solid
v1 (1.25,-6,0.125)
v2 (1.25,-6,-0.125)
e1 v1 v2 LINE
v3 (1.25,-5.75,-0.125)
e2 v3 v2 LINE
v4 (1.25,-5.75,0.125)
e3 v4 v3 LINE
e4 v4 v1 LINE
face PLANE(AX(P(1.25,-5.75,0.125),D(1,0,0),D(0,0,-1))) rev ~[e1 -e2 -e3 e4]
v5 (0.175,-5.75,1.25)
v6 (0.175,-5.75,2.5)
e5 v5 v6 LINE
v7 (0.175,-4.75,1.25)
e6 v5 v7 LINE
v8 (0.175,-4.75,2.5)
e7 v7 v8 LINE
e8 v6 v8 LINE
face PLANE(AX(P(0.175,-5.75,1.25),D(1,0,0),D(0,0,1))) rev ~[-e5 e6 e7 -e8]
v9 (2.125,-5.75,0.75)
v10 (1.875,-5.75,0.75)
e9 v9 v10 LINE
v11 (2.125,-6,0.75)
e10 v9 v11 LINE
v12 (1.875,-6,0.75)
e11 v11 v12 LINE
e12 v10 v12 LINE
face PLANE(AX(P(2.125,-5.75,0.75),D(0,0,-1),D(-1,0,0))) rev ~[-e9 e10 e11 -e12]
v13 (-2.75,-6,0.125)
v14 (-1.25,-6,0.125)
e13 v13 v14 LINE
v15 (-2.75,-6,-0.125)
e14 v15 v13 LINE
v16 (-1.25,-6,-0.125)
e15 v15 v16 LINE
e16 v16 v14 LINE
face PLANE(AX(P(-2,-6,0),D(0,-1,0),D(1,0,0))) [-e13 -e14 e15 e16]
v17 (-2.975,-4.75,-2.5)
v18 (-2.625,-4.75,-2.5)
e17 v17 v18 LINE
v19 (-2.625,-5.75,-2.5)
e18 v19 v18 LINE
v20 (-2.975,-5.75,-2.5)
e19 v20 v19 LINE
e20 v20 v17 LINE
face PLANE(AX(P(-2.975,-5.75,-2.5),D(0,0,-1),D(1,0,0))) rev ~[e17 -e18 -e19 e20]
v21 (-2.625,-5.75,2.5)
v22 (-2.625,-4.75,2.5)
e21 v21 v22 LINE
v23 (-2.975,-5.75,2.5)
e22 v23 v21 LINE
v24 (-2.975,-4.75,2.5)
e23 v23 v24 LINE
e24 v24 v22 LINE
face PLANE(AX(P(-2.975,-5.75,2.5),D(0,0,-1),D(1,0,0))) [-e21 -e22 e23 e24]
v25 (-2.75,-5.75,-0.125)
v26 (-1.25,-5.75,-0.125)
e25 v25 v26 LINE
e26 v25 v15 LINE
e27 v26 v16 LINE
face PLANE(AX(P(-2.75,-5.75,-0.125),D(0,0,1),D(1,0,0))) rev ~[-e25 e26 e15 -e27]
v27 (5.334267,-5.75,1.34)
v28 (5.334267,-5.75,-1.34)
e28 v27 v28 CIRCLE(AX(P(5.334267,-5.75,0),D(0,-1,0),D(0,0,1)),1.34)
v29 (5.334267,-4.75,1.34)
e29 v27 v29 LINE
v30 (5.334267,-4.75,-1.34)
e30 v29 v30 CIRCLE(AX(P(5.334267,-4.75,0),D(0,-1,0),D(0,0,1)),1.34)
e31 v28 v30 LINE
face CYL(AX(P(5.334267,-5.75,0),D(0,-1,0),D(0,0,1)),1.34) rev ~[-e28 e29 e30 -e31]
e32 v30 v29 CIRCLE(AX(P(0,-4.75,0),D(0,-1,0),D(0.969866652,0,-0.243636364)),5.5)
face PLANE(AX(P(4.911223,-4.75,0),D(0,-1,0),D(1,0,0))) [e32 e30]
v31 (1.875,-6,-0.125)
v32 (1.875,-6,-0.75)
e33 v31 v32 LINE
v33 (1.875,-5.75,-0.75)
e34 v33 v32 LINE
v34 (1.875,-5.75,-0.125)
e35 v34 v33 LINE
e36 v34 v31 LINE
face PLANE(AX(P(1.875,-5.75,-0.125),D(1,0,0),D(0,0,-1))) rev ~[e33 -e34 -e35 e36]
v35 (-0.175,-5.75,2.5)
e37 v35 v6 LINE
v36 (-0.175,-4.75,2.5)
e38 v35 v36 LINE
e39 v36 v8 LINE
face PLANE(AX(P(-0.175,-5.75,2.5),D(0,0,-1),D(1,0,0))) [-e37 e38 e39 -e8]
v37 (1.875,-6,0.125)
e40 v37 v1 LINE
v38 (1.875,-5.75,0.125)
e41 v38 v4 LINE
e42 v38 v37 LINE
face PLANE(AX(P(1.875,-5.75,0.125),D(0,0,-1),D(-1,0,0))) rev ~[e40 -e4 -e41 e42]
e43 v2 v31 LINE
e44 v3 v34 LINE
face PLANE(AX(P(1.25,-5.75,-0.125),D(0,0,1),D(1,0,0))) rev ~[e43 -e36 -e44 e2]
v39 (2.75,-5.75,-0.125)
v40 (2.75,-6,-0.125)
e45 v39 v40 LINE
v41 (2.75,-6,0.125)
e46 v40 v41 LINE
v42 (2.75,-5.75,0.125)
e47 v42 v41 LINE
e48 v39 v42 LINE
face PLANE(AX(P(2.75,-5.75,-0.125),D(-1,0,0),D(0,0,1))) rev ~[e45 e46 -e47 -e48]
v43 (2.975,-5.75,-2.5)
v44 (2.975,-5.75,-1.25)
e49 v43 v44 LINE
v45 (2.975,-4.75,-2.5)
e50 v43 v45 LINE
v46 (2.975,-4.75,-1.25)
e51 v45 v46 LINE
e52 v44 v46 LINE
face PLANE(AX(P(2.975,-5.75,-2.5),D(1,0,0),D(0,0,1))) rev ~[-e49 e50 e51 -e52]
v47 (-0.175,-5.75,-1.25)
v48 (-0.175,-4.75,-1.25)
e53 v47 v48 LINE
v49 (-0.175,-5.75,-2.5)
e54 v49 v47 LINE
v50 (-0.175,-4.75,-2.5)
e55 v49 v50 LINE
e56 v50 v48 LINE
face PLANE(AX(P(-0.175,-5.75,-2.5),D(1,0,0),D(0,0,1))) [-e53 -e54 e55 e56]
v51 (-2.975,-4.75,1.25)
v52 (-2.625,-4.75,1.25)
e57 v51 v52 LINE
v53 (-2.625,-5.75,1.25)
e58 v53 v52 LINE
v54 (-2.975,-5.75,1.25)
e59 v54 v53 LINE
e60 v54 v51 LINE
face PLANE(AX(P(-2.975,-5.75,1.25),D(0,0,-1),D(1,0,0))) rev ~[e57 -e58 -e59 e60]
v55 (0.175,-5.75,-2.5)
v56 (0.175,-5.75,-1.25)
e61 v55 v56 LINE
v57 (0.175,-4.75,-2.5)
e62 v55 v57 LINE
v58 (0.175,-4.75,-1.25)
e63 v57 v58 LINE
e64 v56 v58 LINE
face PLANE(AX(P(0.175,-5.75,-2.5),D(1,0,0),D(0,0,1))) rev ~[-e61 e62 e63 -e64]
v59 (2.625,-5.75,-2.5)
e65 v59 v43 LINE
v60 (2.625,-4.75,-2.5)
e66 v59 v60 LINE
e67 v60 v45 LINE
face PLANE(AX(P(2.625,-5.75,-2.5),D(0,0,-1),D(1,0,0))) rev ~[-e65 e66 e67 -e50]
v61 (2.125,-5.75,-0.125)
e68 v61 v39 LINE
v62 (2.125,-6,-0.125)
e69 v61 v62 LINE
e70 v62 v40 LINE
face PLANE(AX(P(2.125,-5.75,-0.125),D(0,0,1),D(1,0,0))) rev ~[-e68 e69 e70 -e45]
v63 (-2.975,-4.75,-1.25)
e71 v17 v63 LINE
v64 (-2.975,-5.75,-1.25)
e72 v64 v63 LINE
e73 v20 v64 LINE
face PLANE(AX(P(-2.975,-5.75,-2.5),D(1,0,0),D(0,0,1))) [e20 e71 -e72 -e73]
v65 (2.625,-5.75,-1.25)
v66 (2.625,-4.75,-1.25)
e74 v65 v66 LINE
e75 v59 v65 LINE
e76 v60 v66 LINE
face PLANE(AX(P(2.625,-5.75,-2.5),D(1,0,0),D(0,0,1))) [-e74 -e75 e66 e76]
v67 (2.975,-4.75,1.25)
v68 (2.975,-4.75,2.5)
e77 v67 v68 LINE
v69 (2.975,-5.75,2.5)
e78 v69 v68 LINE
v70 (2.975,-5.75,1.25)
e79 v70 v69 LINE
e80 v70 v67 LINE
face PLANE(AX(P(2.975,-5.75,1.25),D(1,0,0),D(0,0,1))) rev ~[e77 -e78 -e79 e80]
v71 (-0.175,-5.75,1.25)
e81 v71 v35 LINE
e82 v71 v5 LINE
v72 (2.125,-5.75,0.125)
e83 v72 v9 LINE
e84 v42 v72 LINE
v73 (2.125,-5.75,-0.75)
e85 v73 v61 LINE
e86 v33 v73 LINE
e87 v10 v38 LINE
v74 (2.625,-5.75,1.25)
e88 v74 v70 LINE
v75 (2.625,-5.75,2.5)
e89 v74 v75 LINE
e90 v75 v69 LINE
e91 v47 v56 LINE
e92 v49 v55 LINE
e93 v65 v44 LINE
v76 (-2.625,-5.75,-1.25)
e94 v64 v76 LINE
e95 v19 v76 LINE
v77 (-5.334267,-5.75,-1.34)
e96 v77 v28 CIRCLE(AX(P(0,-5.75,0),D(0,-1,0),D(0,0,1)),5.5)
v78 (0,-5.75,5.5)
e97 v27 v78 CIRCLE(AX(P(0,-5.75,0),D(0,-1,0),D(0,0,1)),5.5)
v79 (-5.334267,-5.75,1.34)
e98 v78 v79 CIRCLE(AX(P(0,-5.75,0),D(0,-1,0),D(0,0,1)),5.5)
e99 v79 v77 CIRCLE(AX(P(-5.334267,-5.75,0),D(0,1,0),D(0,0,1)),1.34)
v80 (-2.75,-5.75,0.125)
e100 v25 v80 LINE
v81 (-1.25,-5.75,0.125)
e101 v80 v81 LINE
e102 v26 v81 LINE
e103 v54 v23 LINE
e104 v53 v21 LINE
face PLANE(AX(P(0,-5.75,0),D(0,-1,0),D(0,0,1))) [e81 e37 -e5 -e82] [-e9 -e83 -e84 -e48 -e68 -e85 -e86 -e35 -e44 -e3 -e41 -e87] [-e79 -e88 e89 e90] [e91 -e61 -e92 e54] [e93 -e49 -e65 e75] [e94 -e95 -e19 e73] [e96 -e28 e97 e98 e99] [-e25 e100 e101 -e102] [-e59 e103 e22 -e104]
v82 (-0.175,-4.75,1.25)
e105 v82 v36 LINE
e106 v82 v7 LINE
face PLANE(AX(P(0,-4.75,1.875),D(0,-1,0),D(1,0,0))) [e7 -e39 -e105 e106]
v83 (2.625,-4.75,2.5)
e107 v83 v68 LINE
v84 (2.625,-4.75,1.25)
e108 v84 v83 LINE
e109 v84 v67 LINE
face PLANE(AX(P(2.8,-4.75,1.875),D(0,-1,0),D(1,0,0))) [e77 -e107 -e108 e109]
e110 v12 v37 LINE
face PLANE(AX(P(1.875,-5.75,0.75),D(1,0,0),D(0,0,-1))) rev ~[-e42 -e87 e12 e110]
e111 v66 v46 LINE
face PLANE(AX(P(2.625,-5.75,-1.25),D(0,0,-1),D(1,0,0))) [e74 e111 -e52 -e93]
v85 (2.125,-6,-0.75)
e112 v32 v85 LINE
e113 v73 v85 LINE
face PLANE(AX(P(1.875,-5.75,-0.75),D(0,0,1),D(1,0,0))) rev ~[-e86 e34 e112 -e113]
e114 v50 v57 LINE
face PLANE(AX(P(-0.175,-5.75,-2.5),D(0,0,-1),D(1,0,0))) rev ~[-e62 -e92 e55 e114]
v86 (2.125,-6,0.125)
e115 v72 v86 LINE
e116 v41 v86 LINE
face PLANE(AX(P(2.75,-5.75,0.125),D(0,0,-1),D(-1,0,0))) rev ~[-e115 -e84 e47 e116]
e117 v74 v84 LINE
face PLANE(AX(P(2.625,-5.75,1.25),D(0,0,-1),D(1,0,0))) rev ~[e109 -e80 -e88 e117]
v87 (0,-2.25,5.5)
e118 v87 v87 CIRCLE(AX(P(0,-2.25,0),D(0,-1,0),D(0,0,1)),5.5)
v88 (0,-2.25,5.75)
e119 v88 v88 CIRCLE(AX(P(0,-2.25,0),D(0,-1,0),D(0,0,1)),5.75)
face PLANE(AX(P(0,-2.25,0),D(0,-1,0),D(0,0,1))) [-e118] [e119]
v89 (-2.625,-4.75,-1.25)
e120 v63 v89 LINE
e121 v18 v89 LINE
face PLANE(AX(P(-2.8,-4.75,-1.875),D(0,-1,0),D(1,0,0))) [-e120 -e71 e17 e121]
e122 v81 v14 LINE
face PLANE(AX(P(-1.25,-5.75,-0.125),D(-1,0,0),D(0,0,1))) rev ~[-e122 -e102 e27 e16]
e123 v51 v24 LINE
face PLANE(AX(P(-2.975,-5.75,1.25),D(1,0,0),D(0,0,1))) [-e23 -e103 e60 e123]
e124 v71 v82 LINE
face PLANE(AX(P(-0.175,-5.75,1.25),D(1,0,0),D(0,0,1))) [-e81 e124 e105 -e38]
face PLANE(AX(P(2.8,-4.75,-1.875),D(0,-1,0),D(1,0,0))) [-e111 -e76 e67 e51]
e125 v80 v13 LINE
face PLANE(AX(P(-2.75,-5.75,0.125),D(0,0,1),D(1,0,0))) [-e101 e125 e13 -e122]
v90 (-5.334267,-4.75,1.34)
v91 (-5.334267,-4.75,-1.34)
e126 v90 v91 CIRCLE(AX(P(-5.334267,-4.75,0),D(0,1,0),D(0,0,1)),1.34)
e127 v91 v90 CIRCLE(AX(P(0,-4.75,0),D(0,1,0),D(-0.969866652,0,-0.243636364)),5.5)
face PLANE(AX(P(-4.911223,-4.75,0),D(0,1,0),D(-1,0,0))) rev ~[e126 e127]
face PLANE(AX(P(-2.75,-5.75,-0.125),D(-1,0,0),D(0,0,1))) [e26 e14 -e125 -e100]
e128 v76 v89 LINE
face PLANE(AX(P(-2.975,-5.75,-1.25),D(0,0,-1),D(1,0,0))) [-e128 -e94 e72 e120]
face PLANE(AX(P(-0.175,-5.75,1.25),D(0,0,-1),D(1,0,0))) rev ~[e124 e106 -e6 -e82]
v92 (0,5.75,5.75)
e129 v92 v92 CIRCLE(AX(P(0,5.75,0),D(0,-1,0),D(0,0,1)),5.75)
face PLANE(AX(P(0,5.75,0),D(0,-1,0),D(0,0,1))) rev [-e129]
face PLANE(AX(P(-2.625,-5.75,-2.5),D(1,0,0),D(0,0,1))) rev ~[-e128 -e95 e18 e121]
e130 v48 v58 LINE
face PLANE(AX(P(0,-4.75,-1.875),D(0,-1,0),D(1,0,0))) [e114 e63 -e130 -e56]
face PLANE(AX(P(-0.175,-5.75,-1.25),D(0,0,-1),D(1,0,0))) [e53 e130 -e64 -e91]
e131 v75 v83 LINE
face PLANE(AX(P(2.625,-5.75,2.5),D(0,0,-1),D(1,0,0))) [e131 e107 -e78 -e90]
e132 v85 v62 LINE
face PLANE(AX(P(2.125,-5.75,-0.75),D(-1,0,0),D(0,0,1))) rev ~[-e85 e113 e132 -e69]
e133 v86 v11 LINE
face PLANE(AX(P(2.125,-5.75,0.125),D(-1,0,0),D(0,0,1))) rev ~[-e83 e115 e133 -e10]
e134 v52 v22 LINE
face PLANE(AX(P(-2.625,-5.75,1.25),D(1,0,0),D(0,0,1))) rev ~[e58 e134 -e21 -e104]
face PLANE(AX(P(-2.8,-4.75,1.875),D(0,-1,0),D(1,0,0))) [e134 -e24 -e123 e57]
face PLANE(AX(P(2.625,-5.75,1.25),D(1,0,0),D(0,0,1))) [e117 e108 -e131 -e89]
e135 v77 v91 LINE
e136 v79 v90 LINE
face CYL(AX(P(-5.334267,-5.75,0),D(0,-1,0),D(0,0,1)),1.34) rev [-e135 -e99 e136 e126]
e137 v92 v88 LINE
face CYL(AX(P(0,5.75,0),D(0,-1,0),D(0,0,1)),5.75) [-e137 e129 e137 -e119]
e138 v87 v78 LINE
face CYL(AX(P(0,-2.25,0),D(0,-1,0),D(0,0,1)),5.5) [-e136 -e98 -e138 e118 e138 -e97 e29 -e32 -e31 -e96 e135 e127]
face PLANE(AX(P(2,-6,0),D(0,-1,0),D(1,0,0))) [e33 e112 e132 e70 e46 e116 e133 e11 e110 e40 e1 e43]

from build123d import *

# Parameters (mm, degrees)
SKETCH2_W           = 0.35
SKETCH2_H           = 1.25
CUT_EXTRUDE1_DEPTH  = 1
SKETCH3_W           = 1.5
SKETCH3_H           = 0.25
BOSS_EXTRUDE1_DEPTH = 0.25


with BuildPart() as part:
    # Sketch1 → Revolve1 (revolve)
    with BuildSketch(Plane(origin=(0, 0, 0), x_dir=(0, 0, -1), z_dir=(1, 0, 0))):
        Polygon((0, 5.75), (-5.75, 5.75), (-5.75, -2.25), (-5.5, -2.25), (-5.5, -5.75), (0, -5.75), align=None)
    revolve(axis=Axis((0, 5.75, 0), (0, -1, 0)))

    # Sketch2 → Cut-Extrude1 (cut)
    with BuildSketch(Plane.XZ.offset(5.75)):
        with Locations((0, -1.875)):
            Rectangle(SKETCH2_W, SKETCH2_H)
        with Locations((2.8, 1.875)):
            Rectangle(SKETCH2_W, SKETCH2_H)
        with Locations((0, 1.875)):
            Rectangle(SKETCH2_W, SKETCH2_H)
        with Locations((2.8, -1.875)):
            Rectangle(SKETCH2_W, SKETCH2_H)
        with Locations((-2.8, -1.875)):
            Rectangle(SKETCH2_W, SKETCH2_H)
        with Locations((-2.8, 1.875)):
            Rectangle(SKETCH2_W, SKETCH2_H)
        with BuildLine():
            ThreePointArc((5.334266585, 1.34), (3.994266585, 0), (5.334266585, -1.34))
            ThreePointArc((5.334266585, -1.34), (5.5, 0), (5.334266585, 1.34))
        make_face()
        with BuildLine():
            ThreePointArc((-5.334266585, 1.34), (-3.994266585, 0), (-5.334266585, -1.34))
            ThreePointArc((-5.334266585, -1.34), (-5.5, 0), (-5.334266585, 1.34))
        make_face()
    extrude(amount=-CUT_EXTRUDE1_DEPTH, mode=Mode.SUBTRACT)

    # Sketch3 → Boss-Extrude1 (add)
    with BuildSketch(Plane.XZ.offset(5.75)):
        Polygon((1.25, -0.125), (1.875, -0.125), (1.875, -0.75), (2.125, -0.75), (2.125, -0.125), (2.75, -0.125), (2.75, 0.125), (2.125, 0.125), (2.125, 0.75), (1.875, 0.75), (1.875, 0.125), (1.25, 0.125), align=None)
        with Locations((-2, 0)):
            Rectangle(SKETCH3_W, SKETCH3_H)
    extrude(amount=BOSS_EXTRUDE1_DEPTH)


solid = part.part
